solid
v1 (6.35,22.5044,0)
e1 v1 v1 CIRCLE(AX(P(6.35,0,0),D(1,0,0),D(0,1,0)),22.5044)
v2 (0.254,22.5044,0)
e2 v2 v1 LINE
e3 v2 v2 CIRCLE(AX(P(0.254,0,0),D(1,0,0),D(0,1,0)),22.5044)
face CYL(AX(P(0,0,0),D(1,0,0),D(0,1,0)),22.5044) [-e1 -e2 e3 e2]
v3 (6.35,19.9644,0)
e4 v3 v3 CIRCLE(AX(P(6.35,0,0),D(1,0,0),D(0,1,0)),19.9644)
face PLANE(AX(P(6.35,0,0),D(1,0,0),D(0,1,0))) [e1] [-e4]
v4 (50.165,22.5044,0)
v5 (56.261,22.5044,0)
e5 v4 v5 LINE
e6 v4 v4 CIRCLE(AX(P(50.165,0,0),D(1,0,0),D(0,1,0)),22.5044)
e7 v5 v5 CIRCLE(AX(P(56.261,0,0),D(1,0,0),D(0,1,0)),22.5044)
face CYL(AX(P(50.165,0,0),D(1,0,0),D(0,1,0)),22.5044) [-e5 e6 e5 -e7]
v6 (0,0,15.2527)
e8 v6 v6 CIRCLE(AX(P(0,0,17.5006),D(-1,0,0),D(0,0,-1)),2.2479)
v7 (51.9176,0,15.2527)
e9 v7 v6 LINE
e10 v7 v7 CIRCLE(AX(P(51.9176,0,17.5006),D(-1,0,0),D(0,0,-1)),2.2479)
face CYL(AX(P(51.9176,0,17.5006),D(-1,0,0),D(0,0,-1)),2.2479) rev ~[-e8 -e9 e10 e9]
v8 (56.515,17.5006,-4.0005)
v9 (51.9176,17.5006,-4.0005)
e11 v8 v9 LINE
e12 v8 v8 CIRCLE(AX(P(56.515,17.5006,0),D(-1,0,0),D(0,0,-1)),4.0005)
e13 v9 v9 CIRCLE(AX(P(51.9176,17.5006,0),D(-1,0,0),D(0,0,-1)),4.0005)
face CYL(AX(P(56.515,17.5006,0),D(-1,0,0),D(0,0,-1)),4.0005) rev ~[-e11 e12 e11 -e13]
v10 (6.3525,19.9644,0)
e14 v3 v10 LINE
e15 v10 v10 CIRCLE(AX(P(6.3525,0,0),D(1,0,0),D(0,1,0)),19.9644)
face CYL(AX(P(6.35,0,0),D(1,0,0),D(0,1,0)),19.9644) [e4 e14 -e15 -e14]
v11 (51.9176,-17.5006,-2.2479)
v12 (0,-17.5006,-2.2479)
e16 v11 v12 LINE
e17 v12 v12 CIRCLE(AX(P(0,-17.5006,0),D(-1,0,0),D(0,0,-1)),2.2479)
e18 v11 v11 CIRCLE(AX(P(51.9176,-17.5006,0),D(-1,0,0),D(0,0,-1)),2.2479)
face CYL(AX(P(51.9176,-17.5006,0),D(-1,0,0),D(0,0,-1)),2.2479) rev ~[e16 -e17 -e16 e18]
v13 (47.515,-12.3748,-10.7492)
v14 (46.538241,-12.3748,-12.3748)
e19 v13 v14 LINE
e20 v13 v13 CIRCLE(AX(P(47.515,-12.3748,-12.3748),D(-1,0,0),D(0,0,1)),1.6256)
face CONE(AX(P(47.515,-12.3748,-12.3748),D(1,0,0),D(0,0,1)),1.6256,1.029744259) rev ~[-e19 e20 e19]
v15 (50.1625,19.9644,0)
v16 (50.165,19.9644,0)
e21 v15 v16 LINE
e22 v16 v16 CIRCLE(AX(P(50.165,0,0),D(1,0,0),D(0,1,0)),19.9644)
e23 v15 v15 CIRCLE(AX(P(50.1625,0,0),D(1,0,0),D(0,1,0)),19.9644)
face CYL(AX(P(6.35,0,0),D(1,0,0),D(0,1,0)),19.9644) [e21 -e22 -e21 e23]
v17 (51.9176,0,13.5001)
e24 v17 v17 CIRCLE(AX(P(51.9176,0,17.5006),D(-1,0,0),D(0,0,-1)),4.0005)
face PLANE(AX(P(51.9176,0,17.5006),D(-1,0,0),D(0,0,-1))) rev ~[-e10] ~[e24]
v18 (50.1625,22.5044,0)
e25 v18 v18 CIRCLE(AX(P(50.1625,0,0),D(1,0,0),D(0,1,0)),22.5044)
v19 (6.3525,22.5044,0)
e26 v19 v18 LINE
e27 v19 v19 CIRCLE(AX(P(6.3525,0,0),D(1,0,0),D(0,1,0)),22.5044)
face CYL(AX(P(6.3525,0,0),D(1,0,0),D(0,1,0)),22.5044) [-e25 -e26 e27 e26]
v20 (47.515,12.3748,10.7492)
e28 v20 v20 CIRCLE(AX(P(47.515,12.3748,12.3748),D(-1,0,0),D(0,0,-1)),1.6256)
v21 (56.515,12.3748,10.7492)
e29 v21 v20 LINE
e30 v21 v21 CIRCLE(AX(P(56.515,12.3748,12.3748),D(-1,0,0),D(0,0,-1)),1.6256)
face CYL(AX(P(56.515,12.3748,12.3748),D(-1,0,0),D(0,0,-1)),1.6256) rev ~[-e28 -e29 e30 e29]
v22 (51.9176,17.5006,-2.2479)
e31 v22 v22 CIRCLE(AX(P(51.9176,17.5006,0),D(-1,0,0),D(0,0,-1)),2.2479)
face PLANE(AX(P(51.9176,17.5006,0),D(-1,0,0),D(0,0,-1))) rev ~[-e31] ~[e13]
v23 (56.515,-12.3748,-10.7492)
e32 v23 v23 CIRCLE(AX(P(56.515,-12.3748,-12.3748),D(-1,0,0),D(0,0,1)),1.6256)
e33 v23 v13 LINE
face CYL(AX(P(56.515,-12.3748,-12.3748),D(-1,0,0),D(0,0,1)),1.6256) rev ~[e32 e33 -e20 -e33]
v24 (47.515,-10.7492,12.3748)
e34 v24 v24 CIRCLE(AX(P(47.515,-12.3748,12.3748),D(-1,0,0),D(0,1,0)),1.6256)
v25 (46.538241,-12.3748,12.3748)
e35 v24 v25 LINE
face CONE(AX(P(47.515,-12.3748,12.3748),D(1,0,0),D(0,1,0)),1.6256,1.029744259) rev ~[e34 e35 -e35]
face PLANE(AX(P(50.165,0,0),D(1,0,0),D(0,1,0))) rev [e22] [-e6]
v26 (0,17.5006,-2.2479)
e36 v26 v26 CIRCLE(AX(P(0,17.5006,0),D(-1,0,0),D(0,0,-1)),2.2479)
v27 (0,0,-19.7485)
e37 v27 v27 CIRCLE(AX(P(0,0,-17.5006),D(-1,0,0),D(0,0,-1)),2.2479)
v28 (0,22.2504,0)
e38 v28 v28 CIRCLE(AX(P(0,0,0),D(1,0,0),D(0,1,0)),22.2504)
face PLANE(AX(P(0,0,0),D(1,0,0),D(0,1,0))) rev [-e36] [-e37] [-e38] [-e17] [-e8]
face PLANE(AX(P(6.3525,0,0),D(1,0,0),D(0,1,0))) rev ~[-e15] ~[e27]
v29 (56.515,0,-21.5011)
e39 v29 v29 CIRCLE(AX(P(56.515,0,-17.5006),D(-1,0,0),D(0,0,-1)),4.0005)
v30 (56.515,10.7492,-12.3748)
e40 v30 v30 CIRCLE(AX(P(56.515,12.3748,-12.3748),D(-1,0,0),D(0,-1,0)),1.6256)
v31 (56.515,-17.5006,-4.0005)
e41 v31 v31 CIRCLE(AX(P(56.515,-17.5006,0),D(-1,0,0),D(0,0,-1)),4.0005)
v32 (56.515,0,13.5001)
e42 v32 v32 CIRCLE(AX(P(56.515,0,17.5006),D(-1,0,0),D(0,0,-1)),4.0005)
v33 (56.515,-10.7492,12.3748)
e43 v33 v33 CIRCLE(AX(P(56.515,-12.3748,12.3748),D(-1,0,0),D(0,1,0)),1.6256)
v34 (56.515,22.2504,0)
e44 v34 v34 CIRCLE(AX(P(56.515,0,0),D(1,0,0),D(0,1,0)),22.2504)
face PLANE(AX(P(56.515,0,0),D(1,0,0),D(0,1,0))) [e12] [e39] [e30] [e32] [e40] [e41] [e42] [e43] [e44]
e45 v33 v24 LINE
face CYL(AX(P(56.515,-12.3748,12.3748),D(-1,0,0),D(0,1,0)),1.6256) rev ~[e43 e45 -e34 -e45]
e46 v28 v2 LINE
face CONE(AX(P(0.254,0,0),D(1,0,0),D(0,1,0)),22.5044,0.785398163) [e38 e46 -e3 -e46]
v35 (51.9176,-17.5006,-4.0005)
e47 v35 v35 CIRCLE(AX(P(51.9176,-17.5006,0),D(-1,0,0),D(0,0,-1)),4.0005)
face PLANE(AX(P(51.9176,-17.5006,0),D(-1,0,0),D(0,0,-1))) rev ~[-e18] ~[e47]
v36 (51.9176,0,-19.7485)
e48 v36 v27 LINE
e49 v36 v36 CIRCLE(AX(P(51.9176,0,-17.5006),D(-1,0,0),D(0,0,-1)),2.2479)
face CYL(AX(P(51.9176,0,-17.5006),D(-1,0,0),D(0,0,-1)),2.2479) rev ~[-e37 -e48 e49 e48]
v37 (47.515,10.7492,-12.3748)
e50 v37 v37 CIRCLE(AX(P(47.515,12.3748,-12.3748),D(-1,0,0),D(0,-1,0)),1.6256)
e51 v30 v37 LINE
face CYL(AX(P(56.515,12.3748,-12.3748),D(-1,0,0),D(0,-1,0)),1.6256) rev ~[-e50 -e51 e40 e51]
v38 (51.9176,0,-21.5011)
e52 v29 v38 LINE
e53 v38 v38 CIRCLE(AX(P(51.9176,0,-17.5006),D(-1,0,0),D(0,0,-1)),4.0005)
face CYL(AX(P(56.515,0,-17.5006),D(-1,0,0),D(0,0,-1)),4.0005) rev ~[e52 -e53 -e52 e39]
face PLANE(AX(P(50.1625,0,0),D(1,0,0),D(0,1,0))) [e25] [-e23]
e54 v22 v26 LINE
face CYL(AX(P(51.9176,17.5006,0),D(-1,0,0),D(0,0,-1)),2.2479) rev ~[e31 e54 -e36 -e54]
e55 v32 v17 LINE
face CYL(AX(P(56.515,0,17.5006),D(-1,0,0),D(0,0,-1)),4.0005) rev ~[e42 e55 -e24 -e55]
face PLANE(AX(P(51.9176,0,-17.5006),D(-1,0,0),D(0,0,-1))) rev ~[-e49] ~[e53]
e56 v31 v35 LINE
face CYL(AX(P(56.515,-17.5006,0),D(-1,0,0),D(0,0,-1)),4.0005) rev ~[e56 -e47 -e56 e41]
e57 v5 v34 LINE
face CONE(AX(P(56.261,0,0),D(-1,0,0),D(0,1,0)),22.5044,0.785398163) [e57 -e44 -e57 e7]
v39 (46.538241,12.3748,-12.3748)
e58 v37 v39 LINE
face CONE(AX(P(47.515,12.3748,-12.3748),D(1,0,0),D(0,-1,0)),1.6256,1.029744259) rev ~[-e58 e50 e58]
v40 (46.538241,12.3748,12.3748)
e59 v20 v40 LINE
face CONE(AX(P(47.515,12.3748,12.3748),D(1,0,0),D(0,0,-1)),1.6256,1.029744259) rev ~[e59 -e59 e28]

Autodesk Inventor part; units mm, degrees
ref_plane "YZ Plane" through (0, 0, 0) normal (1, 0, 0) x (0, 1, 0)
ref_plane "XZ Plane" through (0, 0, 0) normal (0, 1, 0) x (-1, 0, 0)
ref_plane "XY Plane" through (0, 0, 0) normal (0, 0, 1) x (1, 0, 0)
sketch "Sketch1" plane through (0, 0, 0) normal (0, 0, 1) x (1, 0, 0)
  line L0 (0, 0) -> (0, 22.5044)
  line L1 (0, 22.5044) -> (6.35, 22.5044)
  line L2 (6.35, 22.5044) -> (6.35, 19.9644)
  line L3 (6.35, 19.9644) -> (50.165, 19.9644)
  line L4 (50.165, 19.9644) -> (50.165, 22.5044)
  line L5 (50.165, 22.5044) -> (56.515, 22.5044)
  line L6 (56.515, 22.5044) -> (56.515, 0)
  line L7 (0, 0) -> (56.515, 0)
  dimension "d0" = 22.5044
  dimension "d1" = 6.35
  dimension "d2" = 2.54
  dimension "d3" = 43.815
  dimension "d4" = 6.35
revolve "Revolution1" add sketch "Sketch1" angle 360 about axis through (0, 0, 0) along (1, 0, 0)
sketch "Sketch2" plane through (0, 0, 0) normal (0, 0, 1) x (1, 0, 0)
  line L0 (6.35, 19.9644) -> (50.165, 19.9644) projected
  line L1 (6.35, -22.5044) -> (6.35, 22.5044) projected
  line L2 (50.165, -22.5044) -> (50.165, 22.5044) projected
  line L3 (6.3525, 22.5044) -> (50.1625, 22.5044)
  line L4 (6.3525, 22.5044) -> (6.3525, 19.9644)
  line L5 (50.1625, 22.5044) -> (50.1625, 19.9644)
  line L6 (-11.303, 0) -> (67.818, 0) projected
  point P0 (0, 0)
  dimension "d6" = 0.0025
  dimension "d7" = 0.0025
revolve "Revolution2" add sketch "Sketch2" angle 360 about axis through (-10, 0, 0) along (1, 0, 0) contours L4 L3 L5 L0
chamfer "Chamfer1" distance 0.254 angle 45 2 edges at (56.515, -22.5044, 0) (0, -22.5044, 0)
sketch "Sketch3" plane through (56.515, 0, 0) normal (1, 0, 0) x (0, 0, -1)
  circle A0 centre (0, 0) radius 22.2504 projected
  circle A1 centre (0, 0) radius 17.5006 construction
  line L0 (0, 0) -> (-12.3748, 12.3748) construction
  line L1 (0, 0) -> (-17.5006, 0) construction
  point P0 (0, 17.5006)
  point P1 (0, -17.5006)
  point P2 (17.5006, 0)
  dimension "d12" = 17.5006
  dimension "d14" = 45
hole "Hole1" at (56.515, 17.5006, 0) at (56.515, -17.5006, 0) at (56.515, 0, 17.5006) at (56.515, 0, -17.5006) direction (-1, 0, 0) diameter 4.4958 end through all counterbore diameter 8.001 counterbore depth 4.5974 clearance for "Socket Head Cap Screw ISO 4762" size "M4" standard "ISO"
hole "Hole2" at (56.515, 12.3748, 12.3748) direction (-1, 0, 0) diameter 3.2512 depth 9 tip angle 118
pattern_circular "Circular Pattern1" count 4 over 360 about axis through (-10, 0, 0) along (1, 0, 0) of "Hole2"
equation "\"d7\" = d6"
properties part number "MOT_Gearbox_am0939" material "Steel, Mild"
